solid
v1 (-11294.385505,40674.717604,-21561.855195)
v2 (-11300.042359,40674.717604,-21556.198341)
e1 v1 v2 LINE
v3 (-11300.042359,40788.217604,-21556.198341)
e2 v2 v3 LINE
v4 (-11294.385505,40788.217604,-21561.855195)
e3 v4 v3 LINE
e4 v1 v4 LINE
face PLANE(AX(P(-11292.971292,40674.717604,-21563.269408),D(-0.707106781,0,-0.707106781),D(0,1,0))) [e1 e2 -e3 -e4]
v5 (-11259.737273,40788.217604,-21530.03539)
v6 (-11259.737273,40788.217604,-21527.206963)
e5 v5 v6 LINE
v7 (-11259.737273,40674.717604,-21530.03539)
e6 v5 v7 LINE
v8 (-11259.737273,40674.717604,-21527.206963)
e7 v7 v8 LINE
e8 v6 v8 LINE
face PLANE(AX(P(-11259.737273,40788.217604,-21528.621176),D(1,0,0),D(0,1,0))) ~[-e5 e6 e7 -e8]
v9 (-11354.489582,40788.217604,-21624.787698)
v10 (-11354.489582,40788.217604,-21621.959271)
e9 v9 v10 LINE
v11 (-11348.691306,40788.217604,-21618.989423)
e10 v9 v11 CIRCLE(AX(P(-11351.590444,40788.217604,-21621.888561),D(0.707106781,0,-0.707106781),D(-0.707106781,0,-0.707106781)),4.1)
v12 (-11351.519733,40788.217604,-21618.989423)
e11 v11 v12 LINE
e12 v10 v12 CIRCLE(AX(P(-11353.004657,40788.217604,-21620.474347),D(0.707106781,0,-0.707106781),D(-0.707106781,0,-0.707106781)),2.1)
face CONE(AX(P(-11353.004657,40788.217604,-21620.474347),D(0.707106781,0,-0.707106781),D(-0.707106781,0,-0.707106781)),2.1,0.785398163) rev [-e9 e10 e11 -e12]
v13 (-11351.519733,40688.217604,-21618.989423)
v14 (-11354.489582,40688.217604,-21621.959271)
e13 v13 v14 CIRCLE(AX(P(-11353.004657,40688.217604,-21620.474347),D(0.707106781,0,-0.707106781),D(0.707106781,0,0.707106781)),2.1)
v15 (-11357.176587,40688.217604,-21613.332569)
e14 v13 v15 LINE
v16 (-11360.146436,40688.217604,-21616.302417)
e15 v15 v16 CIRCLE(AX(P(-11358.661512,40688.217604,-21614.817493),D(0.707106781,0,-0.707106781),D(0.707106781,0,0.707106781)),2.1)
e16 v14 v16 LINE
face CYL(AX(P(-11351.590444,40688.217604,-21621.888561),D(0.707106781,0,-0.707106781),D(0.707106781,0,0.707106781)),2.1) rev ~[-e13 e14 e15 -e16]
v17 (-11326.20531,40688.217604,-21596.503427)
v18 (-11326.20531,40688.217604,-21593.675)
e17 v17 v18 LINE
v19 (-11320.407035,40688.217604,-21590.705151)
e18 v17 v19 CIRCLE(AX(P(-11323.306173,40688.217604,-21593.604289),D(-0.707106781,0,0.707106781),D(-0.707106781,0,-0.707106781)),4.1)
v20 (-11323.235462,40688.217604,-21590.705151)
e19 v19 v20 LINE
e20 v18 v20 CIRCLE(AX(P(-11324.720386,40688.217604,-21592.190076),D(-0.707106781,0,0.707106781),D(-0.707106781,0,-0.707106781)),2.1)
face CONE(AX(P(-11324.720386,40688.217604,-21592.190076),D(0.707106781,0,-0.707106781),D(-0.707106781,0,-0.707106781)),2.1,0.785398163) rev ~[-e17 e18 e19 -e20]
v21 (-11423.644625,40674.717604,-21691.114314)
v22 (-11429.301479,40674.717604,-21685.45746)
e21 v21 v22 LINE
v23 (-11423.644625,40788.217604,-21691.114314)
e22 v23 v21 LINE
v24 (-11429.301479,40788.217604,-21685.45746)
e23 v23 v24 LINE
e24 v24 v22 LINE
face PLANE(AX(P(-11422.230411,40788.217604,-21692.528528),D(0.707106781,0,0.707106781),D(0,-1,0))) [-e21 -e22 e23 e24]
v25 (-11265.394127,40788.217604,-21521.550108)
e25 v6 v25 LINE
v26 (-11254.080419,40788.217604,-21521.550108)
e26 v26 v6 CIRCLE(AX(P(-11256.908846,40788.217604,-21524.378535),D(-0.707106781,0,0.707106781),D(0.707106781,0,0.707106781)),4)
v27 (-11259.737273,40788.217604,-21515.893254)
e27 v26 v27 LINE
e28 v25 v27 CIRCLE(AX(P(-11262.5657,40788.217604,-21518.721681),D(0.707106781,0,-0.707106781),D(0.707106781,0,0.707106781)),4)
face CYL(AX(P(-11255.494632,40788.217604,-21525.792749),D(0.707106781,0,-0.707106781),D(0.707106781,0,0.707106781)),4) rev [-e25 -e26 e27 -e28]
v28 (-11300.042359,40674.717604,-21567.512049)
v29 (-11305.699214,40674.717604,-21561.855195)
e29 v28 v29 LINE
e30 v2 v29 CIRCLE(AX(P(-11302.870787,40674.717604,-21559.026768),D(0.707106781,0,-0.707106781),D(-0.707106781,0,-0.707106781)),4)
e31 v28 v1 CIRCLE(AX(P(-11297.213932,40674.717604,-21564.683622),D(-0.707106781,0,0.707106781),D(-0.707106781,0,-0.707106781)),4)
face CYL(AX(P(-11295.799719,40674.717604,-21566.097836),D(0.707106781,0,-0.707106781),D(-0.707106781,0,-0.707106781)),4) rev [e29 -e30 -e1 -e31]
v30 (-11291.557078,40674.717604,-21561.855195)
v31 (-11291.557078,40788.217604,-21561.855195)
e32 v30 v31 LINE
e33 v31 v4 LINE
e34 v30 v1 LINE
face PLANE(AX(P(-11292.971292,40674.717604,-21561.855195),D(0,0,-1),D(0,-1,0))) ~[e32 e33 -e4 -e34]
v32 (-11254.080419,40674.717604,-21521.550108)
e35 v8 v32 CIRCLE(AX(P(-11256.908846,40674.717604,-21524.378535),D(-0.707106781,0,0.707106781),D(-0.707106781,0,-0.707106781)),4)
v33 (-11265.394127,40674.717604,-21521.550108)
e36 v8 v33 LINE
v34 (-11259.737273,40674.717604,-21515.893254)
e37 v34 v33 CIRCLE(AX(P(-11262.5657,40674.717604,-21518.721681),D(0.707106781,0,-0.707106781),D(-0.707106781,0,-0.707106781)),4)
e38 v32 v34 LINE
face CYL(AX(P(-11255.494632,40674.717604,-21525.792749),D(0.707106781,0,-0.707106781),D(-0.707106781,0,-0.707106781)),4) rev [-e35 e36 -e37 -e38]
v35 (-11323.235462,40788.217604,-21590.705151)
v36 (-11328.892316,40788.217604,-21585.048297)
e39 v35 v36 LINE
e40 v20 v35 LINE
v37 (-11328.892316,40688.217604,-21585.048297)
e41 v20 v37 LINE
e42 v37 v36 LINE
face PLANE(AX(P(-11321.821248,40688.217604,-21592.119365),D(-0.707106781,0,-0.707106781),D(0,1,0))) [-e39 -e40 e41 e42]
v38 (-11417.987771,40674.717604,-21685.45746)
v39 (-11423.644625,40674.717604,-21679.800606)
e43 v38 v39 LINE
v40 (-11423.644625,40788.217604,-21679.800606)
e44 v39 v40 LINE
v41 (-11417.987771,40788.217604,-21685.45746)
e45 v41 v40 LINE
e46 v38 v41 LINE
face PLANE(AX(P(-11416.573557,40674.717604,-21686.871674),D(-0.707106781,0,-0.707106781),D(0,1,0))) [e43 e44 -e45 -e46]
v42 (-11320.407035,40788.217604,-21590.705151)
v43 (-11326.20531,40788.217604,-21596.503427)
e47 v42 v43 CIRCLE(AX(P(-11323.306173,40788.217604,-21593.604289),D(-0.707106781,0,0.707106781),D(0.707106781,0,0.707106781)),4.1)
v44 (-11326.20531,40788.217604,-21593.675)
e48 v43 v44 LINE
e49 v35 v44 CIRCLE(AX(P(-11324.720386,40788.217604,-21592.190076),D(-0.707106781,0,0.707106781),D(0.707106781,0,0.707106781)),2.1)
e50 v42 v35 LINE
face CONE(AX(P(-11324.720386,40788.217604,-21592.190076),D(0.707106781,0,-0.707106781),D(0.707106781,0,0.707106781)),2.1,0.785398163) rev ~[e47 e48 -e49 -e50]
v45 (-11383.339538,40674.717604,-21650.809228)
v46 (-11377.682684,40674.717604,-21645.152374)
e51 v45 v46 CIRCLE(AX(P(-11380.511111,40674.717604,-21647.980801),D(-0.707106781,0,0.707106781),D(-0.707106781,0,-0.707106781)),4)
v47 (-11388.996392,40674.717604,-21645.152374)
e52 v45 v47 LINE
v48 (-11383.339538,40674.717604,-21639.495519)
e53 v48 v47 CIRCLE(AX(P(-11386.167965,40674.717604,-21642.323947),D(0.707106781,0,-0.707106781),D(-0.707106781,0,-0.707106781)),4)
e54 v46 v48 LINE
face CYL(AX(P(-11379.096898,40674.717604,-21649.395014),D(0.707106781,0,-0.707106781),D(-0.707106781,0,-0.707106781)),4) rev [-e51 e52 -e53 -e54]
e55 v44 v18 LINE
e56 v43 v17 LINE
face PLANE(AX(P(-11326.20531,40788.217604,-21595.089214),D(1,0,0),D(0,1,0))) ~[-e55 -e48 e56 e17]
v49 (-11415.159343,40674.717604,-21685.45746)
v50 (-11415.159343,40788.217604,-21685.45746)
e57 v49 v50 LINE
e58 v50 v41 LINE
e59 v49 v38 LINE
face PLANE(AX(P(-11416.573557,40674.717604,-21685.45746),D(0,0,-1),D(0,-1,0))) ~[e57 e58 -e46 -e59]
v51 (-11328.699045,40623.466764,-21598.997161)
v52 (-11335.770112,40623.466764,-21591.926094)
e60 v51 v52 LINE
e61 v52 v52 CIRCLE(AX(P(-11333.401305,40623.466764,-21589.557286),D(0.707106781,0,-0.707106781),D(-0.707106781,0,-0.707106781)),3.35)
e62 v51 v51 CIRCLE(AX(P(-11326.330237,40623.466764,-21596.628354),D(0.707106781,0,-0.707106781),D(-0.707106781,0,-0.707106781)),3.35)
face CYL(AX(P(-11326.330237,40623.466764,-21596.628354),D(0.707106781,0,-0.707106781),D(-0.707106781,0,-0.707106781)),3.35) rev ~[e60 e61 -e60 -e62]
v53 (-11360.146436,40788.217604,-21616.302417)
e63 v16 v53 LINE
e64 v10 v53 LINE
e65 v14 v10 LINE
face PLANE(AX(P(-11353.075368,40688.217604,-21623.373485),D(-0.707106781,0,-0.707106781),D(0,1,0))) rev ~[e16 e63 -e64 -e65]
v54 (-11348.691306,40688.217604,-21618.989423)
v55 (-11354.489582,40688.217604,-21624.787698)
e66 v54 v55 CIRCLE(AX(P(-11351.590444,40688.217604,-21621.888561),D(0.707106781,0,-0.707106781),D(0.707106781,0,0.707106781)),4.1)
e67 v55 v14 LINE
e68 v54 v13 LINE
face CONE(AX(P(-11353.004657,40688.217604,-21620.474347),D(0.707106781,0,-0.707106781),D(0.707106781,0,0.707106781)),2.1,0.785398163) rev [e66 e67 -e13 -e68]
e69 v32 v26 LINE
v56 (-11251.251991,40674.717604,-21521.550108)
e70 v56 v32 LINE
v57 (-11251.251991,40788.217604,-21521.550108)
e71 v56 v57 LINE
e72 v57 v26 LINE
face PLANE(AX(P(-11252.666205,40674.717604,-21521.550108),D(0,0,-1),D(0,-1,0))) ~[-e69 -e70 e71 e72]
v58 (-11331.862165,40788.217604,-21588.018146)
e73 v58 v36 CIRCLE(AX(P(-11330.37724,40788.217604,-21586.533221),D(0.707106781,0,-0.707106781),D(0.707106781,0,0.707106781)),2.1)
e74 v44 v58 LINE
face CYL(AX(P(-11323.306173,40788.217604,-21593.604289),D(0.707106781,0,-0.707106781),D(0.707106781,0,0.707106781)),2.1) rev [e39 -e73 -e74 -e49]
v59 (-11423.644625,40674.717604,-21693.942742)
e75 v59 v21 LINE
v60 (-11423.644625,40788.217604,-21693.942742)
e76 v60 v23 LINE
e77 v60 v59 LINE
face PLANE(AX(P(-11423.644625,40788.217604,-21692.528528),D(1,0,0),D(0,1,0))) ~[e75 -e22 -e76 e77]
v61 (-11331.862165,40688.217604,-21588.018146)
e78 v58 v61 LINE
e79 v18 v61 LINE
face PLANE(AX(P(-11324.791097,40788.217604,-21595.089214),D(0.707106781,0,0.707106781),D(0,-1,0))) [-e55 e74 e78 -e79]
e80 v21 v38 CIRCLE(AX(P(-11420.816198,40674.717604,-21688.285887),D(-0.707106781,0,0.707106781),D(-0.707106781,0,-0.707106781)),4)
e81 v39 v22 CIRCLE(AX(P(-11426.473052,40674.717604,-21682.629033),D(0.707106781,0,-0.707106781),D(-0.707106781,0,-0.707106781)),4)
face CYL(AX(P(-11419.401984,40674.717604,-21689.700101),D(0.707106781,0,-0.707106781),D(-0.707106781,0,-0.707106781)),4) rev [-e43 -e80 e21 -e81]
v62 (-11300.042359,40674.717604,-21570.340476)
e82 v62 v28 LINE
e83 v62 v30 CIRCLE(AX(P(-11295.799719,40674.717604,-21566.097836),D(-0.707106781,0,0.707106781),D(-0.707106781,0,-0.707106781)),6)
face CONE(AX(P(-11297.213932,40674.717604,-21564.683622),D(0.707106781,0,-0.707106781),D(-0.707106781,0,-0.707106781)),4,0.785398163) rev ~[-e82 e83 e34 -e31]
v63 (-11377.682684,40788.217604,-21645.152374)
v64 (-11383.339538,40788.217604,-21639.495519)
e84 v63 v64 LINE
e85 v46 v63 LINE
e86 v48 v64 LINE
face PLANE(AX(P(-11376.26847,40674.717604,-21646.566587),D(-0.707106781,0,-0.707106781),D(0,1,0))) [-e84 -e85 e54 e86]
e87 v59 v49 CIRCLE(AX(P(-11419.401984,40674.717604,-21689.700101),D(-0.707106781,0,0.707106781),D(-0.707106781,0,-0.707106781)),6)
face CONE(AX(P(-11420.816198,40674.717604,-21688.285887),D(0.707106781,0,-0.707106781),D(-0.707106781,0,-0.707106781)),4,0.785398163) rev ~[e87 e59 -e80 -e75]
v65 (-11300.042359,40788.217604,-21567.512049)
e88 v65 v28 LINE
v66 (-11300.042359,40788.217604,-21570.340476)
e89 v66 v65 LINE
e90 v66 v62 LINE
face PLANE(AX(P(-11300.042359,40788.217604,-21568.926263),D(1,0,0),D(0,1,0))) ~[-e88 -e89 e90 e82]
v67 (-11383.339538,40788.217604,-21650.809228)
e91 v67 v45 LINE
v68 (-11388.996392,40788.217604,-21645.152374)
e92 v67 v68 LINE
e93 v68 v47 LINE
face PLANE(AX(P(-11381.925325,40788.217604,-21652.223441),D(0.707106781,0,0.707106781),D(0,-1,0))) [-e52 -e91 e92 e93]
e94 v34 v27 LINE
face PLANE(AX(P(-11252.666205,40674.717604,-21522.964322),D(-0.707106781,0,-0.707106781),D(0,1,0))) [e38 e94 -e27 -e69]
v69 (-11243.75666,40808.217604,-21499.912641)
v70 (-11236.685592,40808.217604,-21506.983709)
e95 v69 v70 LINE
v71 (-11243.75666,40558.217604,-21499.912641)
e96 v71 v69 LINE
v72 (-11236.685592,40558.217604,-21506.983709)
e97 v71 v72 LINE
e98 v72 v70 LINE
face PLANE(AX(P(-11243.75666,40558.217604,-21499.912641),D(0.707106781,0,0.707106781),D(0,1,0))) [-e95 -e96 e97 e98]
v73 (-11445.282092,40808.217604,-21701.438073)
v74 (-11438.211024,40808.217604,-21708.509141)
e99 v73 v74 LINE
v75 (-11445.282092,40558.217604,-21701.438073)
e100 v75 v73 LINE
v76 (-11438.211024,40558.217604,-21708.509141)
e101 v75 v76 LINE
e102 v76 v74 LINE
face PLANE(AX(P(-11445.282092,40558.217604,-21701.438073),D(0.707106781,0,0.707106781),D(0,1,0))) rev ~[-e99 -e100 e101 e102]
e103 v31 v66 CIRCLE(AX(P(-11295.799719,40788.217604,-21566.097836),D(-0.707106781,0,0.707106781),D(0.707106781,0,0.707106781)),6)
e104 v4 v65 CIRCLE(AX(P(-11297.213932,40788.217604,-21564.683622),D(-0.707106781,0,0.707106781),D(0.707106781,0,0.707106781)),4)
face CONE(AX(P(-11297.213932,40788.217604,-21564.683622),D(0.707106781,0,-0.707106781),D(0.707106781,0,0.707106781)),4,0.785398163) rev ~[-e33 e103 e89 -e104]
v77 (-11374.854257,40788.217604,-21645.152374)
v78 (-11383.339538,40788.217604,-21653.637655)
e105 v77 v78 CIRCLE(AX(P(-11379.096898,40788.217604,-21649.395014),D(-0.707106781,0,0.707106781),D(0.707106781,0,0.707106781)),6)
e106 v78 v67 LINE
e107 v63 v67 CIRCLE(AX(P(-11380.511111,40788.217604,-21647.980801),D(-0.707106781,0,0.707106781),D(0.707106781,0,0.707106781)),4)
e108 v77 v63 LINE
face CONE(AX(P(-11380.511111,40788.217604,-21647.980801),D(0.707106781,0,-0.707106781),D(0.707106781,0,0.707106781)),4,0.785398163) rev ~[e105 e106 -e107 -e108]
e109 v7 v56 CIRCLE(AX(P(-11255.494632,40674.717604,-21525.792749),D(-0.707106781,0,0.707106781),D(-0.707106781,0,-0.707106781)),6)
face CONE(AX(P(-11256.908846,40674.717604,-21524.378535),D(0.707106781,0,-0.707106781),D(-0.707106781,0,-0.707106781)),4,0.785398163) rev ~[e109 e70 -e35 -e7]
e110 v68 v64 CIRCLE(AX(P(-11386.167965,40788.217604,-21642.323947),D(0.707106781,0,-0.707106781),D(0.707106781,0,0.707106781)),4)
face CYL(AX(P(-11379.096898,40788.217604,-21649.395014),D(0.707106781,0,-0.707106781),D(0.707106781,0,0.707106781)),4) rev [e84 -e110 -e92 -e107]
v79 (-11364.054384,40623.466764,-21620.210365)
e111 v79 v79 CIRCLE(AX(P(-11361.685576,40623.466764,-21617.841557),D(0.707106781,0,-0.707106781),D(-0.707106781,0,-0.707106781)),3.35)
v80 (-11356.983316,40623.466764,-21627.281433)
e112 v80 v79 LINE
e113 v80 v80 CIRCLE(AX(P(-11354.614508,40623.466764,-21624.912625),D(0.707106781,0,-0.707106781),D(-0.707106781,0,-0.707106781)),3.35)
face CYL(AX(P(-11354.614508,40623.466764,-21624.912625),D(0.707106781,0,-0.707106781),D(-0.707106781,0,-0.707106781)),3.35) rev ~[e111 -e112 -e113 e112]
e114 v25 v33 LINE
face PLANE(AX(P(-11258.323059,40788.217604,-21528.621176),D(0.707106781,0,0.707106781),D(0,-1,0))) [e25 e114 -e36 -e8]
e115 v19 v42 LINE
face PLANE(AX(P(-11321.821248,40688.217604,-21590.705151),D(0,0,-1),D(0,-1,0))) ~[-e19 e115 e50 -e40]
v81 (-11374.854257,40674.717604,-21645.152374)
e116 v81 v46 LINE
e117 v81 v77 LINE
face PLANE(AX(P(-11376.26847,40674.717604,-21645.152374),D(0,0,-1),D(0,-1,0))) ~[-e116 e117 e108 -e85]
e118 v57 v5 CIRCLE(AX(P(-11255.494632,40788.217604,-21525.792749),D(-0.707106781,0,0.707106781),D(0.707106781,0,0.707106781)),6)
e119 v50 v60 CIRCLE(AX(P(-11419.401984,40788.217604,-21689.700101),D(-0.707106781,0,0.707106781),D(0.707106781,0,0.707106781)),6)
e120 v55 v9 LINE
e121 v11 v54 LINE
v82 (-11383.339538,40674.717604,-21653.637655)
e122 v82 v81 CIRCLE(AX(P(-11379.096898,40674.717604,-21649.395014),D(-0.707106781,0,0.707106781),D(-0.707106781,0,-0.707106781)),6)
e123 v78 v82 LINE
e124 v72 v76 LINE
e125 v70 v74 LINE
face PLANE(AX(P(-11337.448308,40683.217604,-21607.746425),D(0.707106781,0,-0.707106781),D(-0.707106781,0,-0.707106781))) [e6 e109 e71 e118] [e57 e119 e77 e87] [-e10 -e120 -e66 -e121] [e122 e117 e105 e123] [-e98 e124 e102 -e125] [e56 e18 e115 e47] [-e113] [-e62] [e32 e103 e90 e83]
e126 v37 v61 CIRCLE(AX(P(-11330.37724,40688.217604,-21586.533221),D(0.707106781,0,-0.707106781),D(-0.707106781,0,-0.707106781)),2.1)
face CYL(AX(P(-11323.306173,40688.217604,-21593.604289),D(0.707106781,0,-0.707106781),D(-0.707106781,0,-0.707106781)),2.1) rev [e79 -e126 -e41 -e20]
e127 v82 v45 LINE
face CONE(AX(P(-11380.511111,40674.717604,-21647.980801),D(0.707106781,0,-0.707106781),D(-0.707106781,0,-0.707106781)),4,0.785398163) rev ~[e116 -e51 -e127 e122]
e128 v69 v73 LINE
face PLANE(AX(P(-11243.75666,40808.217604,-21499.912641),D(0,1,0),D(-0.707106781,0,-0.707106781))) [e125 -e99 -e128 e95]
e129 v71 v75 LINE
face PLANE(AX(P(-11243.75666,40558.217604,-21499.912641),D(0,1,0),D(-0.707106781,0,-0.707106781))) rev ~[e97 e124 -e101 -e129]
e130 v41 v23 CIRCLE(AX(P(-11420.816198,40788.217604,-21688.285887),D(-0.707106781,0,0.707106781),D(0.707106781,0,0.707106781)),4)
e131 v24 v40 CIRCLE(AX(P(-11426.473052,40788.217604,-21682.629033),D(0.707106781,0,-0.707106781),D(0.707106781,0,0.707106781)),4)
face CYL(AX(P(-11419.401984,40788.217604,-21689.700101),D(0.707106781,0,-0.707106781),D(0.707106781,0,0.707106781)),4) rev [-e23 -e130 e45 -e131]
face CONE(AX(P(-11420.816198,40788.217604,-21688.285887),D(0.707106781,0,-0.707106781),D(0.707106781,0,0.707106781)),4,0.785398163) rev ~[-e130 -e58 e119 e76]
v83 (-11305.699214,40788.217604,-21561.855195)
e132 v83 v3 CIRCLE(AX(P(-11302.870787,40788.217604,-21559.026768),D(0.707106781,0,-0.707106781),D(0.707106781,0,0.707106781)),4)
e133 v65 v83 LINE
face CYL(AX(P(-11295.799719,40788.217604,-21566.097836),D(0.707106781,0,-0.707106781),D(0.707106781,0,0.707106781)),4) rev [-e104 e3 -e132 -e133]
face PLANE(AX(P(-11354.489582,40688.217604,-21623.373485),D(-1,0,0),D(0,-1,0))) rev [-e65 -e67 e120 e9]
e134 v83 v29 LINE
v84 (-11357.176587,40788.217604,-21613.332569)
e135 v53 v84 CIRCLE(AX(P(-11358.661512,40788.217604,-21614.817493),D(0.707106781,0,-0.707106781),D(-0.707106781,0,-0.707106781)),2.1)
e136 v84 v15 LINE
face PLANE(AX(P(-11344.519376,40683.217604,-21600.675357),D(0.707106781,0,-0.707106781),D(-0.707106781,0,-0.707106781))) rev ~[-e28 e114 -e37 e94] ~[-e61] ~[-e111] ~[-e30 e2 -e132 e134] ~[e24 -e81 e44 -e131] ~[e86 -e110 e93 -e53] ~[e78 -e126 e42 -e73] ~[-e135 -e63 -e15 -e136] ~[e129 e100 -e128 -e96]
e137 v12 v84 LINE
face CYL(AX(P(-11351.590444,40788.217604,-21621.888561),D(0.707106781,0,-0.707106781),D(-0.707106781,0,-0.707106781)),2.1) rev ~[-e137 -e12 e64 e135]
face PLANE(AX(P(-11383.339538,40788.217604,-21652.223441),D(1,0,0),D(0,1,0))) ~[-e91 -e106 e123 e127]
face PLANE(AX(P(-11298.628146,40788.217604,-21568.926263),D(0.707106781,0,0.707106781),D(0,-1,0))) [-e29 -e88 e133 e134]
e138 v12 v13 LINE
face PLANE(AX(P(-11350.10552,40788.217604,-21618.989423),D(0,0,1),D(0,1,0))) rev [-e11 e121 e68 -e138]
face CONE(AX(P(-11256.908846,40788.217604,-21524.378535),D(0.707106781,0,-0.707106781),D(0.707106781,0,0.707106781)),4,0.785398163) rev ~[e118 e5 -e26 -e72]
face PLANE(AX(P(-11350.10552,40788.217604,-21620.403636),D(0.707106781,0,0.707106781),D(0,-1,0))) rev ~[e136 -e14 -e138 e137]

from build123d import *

# Parameters (mm, degrees)
SKETCH1_W               = 285
SKETCH1_H               = 250
BOSS_EXTRUDE1_DEPTH     = 10
CUT_EXTRUDE1_DEPTH      = 143.5
CUT_EXTRUDE1_DEPTH_BACK = 153.5
CHAMFER1_SIZE           = 2
SKETCH6_R               = 3.35
CUT_EXTRUDE4_DEPTH      = 153.5


with BuildPart() as part:
    # Sketch1 → Boss-Extrude1 (new body)
    with BuildSketch(Plane(origin=(5128.077990588, 0, -5128.077990588), x_dir=(-0.707106781, 0, -0.707106781), z_dir=(0.707106781, 0, -0.707106781))):
        with Locations((23295.770603259, 40683.217604407)):
            Rectangle(SKETCH1_W, SKETCH1_H)
    extrude(amount=BOSS_EXTRUDE1_DEPTH)

    # Sketch2 → Cut-Extrude1 (cut, two sides)
    with BuildSketch(Plane(origin=(5135.1490584, 0, -5135.1490584), x_dir=(-0.707106781, 0, -0.707106781), z_dir=(0.707106781, 0, -0.707106781))) as cut_extrude1_sk:
        with BuildLine():
            Line((23183.870603259, 40788.217604407), (23183.870603259, 40674.717604407))
            ThreePointArc((23183.870603259, 40674.717604407), (23179.870603259, 40670.717604407), (23175.870603259, 40674.717604407))
            Line((23175.870603259, 40674.717604407), (23175.870603259, 40788.217604407))
            ThreePointArc((23175.870603259, 40788.217604407), (23179.870603259, 40792.217604407), (23183.870603259, 40788.217604407))
        make_face()
        with BuildLine():
            Line((23358.670603259, 40788.217604407), (23358.670603259, 40674.717604407))
            ThreePointArc((23358.670603259, 40674.717604407), (23354.670603259, 40670.717604407), (23350.670603259, 40674.717604407))
            Line((23350.670603259, 40674.717604407), (23350.670603259, 40788.217604407))
            ThreePointArc((23350.670603259, 40788.217604407), (23354.670603259, 40792.217604407), (23358.670603259, 40788.217604407))
        make_face()
        with BuildLine():
            Line((23240.870603259, 40788.217604407), (23240.870603259, 40674.717604407))
            ThreePointArc((23240.870603259, 40674.717604407), (23236.870603259, 40670.717604407), (23232.870603259, 40674.717604407))
            Line((23232.870603259, 40674.717604407), (23232.870603259, 40788.217604407))
            ThreePointArc((23232.870603259, 40788.217604407), (23236.870603259, 40792.217604407), (23240.870603259, 40788.217604407))
        make_face()
        with BuildLine():
            Line((23415.670603259, 40788.217604407), (23415.670603259, 40674.717604407))
            ThreePointArc((23415.670603259, 40674.717604407), (23411.670603259, 40670.717604407), (23407.670603259, 40674.717604407))
            Line((23407.670603259, 40674.717604407), (23407.670603259, 40788.217604407))
            ThreePointArc((23407.670603259, 40788.217604407), (23411.670603259, 40792.217604407), (23415.670603259, 40788.217604407))
        make_face()
        with BuildLine():
            Line((23277.870603259, 40788.217604407), (23277.870603259, 40688.217604407))
            ThreePointArc((23277.870603259, 40688.217604407), (23275.770603259, 40686.117604407), (23273.670603259, 40688.217604407))
            Line((23273.670603259, 40688.217604407), (23273.670603259, 40788.217604407))
            ThreePointArc((23273.670603259, 40788.217604407), (23275.770603259, 40790.317604407), (23277.870603259, 40788.217604407))
        make_face()
        with BuildLine():
            Line((23313.670603259, 40788.217604407), (23313.670603259, 40688.217604407))
            ThreePointArc((23313.670603259, 40688.217604407), (23315.770603259, 40686.117604407), (23317.870603259, 40688.217604407))
            Line((23317.870603259, 40688.217604407), (23317.870603259, 40788.217604407))
            ThreePointArc((23317.870603259, 40788.217604407), (23315.770603259, 40790.317604407), (23313.670603259, 40788.217604407))
        make_face()
    extrude(amount=CUT_EXTRUDE1_DEPTH, mode=Mode.SUBTRACT)
    extrude(cut_extrude1_sk.sketch, amount=-CUT_EXTRUDE1_DEPTH_BACK, mode=Mode.SUBTRACT)

    # Chamfer1
    chamfer1_edges = [part.edges().sort_by_distance(p)[0] for p in [
        (-11323.306172507, 40790.317604407, -21593.604289307),
        (-11324.791096747, 40738.217604407, -21595.089213547),
        (-11323.306172507, 40686.117604407, -21593.604289307),
        (-11321.821248266, 40738.217604407, -21592.119365066),
        (-11419.40198407, 40792.217604407, -21689.70010087),
        (-11422.230411195, 40731.467604407, -21692.528527995),
        (-11419.40198407, 40670.717604407, -21689.70010087),
        (-11416.573556945, 40731.467604407, -21686.871673745),
        (-11379.096897542, 40792.217604407, -21649.395014342),
        (-11381.925324667, 40731.467604407, -21652.223441467),
        (-11379.096897542, 40670.717604407, -21649.395014342),
        (-11376.268470418, 40731.467604407, -21646.566587218),
        (-11295.799718719, 40792.217604407, -21566.097835519),
        (-11298.628145844, 40731.467604407, -21568.926262643),
        (-11295.799718719, 40670.717604407, -21566.097835519),
        (-11292.971291594, 40731.467604407, -21563.269408394),
        (-11351.590443754, 40790.317604407, -21621.888560554),
        (-11353.075367995, 40738.217604407, -21623.373484795),
        (-11351.590443754, 40686.117604407, -21621.888560554),
        (-11350.105519514, 40738.217604407, -21620.403636314),
        (-11255.494632191, 40792.217604407, -21525.792748991),
        (-11258.323059316, 40731.467604407, -21528.621176116),
        (-11255.494632191, 40670.717604407, -21525.792748991),
        (-11252.666205067, 40731.467604407, -21522.964321866),
    ]]
    chamfer(chamfer1_edges, length=CHAMFER1_SIZE)

    # Sketch6 → Cut-Extrude4 (cut, through all)
    with BuildSketch(Plane(origin=(5135.1490584, 0, -5135.1490584), x_dir=(-0.707106781, 0, -0.707106781), z_dir=(0.707106781, 0, -0.707106781))):
        with Locations((23320.047276205, 40623.466763723)):
            Circle(SKETCH6_R)
        with Locations((23280.047276205, 40623.466763723)):
            Circle(SKETCH6_R)
    extrude(amount=-CUT_EXTRUDE4_DEPTH, mode=Mode.SUBTRACT)


solid = part.part
